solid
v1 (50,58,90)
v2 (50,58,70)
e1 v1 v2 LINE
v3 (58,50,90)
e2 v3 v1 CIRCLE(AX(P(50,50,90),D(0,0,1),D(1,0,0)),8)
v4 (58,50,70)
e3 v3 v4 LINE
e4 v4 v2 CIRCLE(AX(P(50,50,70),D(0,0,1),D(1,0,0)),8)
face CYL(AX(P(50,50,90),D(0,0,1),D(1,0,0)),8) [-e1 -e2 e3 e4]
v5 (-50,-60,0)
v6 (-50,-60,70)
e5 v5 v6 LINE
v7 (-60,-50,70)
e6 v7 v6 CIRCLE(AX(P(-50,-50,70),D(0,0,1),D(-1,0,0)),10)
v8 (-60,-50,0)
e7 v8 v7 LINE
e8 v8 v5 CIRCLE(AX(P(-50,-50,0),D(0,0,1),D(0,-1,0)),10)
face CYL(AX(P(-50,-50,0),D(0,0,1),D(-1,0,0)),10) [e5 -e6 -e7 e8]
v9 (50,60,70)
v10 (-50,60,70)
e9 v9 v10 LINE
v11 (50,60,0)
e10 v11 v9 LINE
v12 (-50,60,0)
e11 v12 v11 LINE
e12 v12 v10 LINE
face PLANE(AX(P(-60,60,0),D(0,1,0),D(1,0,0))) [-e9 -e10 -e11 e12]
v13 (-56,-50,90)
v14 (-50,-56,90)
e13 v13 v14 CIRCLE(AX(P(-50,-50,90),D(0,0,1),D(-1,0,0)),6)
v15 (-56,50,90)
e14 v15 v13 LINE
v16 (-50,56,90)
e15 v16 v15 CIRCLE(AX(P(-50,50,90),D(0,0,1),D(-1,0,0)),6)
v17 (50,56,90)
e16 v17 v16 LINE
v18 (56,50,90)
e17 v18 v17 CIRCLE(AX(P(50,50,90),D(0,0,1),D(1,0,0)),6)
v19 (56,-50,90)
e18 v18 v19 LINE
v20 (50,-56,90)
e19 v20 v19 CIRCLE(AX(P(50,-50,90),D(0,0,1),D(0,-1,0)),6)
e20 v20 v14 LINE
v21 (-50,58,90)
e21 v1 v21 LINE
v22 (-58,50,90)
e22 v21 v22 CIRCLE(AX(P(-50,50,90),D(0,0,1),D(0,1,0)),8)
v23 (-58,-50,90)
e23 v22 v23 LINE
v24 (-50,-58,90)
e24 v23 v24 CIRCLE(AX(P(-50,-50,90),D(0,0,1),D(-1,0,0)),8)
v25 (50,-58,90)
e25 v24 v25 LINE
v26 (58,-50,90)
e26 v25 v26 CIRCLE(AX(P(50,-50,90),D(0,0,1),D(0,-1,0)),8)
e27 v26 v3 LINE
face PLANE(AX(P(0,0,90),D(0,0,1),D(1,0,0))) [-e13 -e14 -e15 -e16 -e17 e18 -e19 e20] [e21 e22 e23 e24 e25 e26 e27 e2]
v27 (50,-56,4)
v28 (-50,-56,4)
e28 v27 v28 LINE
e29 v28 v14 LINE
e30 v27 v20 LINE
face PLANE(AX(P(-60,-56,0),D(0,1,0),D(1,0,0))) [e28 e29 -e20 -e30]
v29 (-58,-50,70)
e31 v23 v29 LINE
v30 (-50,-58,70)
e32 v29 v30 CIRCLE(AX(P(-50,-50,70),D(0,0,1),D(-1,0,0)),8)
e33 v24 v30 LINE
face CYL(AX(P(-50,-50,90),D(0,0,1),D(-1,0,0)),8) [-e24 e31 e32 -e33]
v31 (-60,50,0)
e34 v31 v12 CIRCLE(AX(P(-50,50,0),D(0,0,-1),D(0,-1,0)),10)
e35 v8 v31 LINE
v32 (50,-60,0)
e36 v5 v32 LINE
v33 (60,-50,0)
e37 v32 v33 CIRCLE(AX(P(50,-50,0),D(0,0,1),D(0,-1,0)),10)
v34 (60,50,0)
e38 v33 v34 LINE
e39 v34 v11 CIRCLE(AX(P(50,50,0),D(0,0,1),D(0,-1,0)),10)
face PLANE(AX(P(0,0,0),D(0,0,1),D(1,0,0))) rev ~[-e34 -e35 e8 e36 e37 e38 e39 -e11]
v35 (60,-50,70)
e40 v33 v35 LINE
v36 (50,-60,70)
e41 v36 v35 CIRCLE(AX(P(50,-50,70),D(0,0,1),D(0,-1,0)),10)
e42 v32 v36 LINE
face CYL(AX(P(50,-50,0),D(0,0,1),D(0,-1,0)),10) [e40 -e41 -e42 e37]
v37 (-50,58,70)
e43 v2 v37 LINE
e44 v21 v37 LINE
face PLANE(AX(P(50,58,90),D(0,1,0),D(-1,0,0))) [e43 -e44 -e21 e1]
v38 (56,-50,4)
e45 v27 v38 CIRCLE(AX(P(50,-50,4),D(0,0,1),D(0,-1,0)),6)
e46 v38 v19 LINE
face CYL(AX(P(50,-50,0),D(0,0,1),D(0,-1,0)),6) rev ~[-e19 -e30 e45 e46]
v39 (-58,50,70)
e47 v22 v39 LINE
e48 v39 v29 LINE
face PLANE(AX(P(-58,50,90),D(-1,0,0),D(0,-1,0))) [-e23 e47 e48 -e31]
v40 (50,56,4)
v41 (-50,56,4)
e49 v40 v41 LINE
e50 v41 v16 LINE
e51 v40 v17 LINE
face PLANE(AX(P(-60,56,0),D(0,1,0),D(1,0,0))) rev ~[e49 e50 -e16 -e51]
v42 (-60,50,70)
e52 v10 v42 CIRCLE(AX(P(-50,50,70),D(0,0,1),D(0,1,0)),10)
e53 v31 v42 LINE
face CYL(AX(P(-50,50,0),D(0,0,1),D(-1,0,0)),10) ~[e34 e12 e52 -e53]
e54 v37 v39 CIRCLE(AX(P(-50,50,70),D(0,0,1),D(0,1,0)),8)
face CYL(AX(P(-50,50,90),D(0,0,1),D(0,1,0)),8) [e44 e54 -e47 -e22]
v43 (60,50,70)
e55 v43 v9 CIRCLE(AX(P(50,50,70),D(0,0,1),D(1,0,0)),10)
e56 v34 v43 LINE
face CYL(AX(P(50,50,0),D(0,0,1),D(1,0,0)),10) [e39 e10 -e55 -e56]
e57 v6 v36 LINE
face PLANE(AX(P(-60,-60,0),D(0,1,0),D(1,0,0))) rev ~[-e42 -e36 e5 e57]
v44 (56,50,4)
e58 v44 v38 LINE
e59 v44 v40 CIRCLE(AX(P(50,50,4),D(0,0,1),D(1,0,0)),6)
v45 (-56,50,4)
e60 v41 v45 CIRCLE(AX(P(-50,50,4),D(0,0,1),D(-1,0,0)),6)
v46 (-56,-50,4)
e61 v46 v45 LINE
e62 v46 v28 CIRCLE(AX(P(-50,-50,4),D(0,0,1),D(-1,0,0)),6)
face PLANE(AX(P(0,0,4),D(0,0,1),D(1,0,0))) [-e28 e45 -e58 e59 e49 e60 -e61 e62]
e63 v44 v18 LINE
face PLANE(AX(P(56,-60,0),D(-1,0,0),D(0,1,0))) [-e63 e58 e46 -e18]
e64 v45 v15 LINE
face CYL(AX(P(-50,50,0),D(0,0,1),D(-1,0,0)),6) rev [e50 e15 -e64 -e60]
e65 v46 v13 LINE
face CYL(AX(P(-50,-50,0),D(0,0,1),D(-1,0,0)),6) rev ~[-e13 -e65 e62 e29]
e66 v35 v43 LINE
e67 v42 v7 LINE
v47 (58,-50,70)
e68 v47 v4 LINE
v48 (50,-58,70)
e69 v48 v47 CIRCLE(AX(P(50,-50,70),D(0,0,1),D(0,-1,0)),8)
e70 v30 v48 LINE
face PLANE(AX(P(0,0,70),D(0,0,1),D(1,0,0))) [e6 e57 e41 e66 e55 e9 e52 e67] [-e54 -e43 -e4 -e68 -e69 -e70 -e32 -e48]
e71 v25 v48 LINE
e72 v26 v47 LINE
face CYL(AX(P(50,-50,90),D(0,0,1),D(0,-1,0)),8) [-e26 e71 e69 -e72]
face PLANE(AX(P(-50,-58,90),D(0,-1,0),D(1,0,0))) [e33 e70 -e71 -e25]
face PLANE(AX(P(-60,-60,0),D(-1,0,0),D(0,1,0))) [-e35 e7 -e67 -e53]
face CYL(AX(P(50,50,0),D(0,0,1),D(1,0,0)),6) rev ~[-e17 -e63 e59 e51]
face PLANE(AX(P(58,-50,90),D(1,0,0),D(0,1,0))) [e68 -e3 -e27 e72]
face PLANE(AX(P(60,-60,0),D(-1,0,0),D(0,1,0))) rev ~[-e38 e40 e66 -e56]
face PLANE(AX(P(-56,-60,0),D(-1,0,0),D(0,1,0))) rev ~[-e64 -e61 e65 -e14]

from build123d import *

# Parameters (mm, degrees)
SKETCH1_W           = 120
SKETCH1_H           = 120
BOSS_EXTRUDE1_DEPTH = 90
FILLET1_R           = 10
SHELL1_T            = -4
CUT_EXTRUDE1_DEPTH  = 20


with BuildPart() as part:
    # Sketch1 → Boss-Extrude1 (new body)
    with BuildSketch(Plane.XY):
        Rectangle(SKETCH1_W, SKETCH1_H)
    extrude(amount=BOSS_EXTRUDE1_DEPTH)

    # Fillet1
    fillet1_edges = [part.edges().sort_by_distance(p)[0] for p in [
        (-60, 60, 45),
        (60, 60, 45),
        (60, -60, 45),
        (-60, -60, 45),
    ]]
    fillet(fillet1_edges, radius=FILLET1_R)

    # Shell1
    shell1_openings = [part.faces().sort_by_distance(p)[0] for p in [
        (0, 0, 90),
    ]]
    offset(amount=SHELL1_T, openings=shell1_openings, kind=Kind.INTERSECTION)

    # Sketch2 → Cut-Extrude1 (cut)
    with BuildSketch(Plane.XY.offset(90)):
        with BuildLine():
            Line((-50, -60), (50, -60))
            ThreePointArc((50, -60), (57.071067812, -57.071067812), (60, -50))
            Line((60, -50), (60, 50))
            ThreePointArc((60, 50), (57.071067812, 57.071067812), (50, 60))
            Line((50, 60), (-50, 60))
            ThreePointArc((-50, 60), (-57.071067812, 57.071067812), (-60, 50))
            Line((-60, 50), (-60, -50))
            ThreePointArc((-60, -50), (-57.071067812, -57.071067812), (-50, -60))
        make_face()
        with BuildLine():
            Line((-50, -58), (50, -58))
            ThreePointArc((50, -58), (55.656854249, -55.656854249), (58, -50))
            Line((58, -50), (58, 50))
            ThreePointArc((58, 50), (55.656854249, 55.656854249), (50, 58))
            Line((50, 58), (-50, 58))
            ThreePointArc((-50, 58), (-55.656854249, 55.656854249), (-58, 50))
            Line((-58, 50), (-58, -50))
            ThreePointArc((-58, -50), (-55.656854249, -55.656854249), (-50, -58))
        make_face(mode=Mode.SUBTRACT)
    extrude(amount=-CUT_EXTRUDE1_DEPTH, mode=Mode.SUBTRACT)


solid = part.part
